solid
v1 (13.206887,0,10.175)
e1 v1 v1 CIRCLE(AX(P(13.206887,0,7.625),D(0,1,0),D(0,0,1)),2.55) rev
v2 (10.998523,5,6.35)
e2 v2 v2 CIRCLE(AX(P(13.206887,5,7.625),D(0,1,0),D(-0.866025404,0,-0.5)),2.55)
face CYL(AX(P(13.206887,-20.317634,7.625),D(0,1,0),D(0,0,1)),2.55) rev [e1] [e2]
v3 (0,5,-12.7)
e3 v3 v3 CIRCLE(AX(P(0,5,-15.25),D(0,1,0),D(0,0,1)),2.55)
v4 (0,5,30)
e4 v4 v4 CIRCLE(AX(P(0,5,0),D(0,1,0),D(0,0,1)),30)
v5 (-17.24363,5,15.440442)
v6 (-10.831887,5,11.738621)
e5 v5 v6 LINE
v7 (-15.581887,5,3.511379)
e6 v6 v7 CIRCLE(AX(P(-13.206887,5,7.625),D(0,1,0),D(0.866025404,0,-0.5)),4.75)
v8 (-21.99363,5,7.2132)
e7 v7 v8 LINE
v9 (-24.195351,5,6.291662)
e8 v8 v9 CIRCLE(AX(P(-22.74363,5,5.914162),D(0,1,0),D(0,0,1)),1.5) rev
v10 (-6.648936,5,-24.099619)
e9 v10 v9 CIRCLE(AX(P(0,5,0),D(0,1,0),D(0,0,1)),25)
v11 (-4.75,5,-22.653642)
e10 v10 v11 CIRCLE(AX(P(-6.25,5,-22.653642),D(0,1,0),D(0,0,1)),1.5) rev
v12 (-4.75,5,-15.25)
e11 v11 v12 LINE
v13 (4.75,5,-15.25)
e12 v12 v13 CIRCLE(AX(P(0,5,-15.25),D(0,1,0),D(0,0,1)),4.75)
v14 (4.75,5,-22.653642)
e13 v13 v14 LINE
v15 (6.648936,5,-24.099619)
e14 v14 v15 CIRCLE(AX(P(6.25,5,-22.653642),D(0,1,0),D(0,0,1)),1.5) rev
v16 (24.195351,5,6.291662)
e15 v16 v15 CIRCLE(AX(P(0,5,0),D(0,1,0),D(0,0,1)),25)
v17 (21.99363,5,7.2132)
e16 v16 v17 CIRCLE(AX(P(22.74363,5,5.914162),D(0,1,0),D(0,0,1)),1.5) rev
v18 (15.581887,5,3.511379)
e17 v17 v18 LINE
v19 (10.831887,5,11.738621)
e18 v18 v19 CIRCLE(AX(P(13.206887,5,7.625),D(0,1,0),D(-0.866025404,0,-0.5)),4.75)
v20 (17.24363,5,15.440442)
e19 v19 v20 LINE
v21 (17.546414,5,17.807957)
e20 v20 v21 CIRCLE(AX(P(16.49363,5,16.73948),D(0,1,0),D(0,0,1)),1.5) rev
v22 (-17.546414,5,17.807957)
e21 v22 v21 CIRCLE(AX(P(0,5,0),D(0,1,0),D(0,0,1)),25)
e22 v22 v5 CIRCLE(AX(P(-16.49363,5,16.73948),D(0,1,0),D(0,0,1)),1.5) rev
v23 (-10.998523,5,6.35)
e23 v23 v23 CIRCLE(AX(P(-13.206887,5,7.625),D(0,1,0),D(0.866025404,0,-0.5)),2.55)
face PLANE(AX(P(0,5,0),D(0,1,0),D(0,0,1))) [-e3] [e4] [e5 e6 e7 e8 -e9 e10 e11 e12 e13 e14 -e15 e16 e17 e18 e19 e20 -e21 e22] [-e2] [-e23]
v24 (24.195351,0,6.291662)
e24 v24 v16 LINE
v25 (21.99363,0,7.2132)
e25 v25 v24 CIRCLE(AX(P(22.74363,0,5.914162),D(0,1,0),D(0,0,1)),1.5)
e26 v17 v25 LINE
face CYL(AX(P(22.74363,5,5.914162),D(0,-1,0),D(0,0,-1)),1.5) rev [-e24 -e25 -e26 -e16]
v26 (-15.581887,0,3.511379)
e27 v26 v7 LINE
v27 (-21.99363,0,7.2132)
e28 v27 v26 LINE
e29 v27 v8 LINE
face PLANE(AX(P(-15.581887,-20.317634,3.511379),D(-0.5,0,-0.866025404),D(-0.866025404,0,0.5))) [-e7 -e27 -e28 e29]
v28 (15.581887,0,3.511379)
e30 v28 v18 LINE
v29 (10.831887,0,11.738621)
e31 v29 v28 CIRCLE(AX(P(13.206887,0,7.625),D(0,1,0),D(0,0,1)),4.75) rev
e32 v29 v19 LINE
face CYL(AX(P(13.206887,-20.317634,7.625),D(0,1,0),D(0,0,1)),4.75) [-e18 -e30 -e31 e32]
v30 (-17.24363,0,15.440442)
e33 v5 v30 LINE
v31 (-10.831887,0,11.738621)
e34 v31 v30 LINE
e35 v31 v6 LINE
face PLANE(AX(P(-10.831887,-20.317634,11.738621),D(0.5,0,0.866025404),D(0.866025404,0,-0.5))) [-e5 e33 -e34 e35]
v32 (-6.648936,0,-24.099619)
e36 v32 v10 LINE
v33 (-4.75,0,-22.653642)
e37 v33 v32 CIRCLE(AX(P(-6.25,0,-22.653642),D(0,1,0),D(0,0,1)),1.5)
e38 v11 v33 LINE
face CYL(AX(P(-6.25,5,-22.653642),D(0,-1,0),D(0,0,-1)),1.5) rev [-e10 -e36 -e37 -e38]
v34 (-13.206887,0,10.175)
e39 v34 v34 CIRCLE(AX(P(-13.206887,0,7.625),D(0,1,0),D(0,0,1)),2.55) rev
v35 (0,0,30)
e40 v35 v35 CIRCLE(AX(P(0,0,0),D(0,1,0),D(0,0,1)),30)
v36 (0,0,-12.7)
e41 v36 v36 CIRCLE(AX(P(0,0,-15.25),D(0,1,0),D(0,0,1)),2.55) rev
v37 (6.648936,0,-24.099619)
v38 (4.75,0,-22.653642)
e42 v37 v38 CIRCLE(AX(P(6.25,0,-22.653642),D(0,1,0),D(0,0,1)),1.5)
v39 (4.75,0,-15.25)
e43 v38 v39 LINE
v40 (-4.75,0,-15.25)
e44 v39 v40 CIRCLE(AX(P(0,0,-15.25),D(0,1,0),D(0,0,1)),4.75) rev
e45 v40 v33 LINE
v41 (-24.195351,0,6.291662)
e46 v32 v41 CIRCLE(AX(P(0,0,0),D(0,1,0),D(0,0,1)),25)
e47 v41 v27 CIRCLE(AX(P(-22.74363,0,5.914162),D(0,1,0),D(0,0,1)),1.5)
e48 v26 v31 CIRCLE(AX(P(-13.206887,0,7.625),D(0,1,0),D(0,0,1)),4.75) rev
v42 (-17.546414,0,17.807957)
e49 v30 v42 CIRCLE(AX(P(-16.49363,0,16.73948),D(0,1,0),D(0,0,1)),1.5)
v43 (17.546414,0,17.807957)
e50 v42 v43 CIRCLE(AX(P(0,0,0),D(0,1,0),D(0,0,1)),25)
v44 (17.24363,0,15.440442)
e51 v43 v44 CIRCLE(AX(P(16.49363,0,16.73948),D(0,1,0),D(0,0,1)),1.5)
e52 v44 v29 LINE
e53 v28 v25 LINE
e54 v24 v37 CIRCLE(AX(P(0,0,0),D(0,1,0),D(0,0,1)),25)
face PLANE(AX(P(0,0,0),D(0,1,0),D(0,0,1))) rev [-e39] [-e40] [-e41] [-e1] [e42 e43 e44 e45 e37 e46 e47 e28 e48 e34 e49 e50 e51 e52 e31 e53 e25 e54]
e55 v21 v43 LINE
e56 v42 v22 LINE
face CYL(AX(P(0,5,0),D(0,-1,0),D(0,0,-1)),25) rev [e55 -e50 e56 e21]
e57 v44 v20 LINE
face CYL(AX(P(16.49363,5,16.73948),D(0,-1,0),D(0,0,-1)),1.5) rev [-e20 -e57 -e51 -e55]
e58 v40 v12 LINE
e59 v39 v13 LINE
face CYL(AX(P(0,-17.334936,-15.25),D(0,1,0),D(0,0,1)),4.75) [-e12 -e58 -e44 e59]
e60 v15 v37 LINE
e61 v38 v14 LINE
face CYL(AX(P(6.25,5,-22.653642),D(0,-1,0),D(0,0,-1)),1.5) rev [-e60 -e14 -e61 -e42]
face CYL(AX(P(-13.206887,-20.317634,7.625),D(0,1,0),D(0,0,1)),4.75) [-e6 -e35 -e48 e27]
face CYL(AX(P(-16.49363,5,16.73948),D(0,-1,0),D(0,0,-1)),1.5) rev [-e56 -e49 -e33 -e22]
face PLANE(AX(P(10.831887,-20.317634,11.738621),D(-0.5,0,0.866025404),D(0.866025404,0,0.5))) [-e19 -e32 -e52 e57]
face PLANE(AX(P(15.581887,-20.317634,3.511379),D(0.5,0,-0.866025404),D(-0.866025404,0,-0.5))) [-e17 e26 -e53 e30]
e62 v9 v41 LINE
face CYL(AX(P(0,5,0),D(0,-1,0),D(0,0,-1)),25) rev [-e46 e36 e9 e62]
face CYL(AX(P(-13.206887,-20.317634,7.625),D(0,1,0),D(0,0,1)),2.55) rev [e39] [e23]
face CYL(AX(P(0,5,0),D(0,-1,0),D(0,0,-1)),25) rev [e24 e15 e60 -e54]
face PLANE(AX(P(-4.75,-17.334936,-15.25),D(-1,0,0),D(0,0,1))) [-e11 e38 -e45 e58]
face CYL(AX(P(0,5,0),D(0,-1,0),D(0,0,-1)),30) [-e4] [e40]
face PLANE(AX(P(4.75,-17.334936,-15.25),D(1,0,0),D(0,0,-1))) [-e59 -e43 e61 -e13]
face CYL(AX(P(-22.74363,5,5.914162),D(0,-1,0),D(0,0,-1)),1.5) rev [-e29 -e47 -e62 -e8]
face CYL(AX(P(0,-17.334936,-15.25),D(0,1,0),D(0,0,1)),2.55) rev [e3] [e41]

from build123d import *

# Parameters (mm, degrees)
SKETCH1_R           = 30
SKETCH1_R_2         = 25
BOSS_EXTRUDE1_DEPTH = 5
BOSS_EXTRUDE2_START = -5
SKETCH2_R           = 2.55
BOSS_EXTRUDE2_DEPTH = 5
CIRPATTERN1_COUNT   = 3
FILLET1_R           = 1.5


with BuildPart() as part:
    # Sketch1 → Boss-Extrude1 (new body)
    with BuildSketch(Plane(origin=(0, 0, 0), x_dir=(1, 0, 0), z_dir=(0, 1, 0))):
        with Locations(Location((0, 0, 0), (0, 0, 270))):
            Circle(SKETCH1_R)
        with Locations(Location((0, 0, 0), (0, 0, 270))):
            Circle(SKETCH1_R_2, mode=Mode.SUBTRACT)
    extrude(amount=BOSS_EXTRUDE1_DEPTH)

    # Sketch2 → Boss-Extrude2 (add)
    with BuildSketch(Plane(origin=(0, 5, 0), x_dir=(1, 0, 0), z_dir=(0, 1, 0)).offset(BOSS_EXTRUDE2_START)):
        with BuildLine():
            Line((-4.75, 15.25), (-4.75, 24.544602258))
            ThreePointArc((-4.75, 24.544602258), (0, 25), (4.75, 24.544602258))
            Line((4.75, 24.544602258), (4.75, 15.25))
            ThreePointArc((4.75, 15.25), (0, 10.5), (-4.75, 15.25))
        make_face()
        with Locations(Location((0, 15.25, 0), (0, 0, 270))):
            Circle(SKETCH2_R, mode=Mode.SUBTRACT)
    boss_extrude2 = extrude(amount=BOSS_EXTRUDE2_DEPTH)

    # CirPattern1: Boss-Extrude2 ×3 about axis
    cirpattern1_axis = Axis((0, 0, 0), (0, 1, 0))
    for i in range(1, CIRPATTERN1_COUNT):
        add(boss_extrude2.rotate(cirpattern1_axis, i * 360 / CIRPATTERN1_COUNT))

    # Fillet1
    fillet1_edges = [part.edges().sort_by_distance(p)[0] for p in [
        (4.75, 2.5, -24.544602258),
        (-4.75, 2.5, -24.544602258),
        (18.881249081, 2.5, 16.385921797),
        (23.631249081, 2.5, 8.158680461),
        (-23.631249081, 2.5, 8.158680461),
        (-18.881249081, 2.5, 16.385921797),
    ]]
    fillet(fillet1_edges, radius=FILLET1_R)


solid = part.part
